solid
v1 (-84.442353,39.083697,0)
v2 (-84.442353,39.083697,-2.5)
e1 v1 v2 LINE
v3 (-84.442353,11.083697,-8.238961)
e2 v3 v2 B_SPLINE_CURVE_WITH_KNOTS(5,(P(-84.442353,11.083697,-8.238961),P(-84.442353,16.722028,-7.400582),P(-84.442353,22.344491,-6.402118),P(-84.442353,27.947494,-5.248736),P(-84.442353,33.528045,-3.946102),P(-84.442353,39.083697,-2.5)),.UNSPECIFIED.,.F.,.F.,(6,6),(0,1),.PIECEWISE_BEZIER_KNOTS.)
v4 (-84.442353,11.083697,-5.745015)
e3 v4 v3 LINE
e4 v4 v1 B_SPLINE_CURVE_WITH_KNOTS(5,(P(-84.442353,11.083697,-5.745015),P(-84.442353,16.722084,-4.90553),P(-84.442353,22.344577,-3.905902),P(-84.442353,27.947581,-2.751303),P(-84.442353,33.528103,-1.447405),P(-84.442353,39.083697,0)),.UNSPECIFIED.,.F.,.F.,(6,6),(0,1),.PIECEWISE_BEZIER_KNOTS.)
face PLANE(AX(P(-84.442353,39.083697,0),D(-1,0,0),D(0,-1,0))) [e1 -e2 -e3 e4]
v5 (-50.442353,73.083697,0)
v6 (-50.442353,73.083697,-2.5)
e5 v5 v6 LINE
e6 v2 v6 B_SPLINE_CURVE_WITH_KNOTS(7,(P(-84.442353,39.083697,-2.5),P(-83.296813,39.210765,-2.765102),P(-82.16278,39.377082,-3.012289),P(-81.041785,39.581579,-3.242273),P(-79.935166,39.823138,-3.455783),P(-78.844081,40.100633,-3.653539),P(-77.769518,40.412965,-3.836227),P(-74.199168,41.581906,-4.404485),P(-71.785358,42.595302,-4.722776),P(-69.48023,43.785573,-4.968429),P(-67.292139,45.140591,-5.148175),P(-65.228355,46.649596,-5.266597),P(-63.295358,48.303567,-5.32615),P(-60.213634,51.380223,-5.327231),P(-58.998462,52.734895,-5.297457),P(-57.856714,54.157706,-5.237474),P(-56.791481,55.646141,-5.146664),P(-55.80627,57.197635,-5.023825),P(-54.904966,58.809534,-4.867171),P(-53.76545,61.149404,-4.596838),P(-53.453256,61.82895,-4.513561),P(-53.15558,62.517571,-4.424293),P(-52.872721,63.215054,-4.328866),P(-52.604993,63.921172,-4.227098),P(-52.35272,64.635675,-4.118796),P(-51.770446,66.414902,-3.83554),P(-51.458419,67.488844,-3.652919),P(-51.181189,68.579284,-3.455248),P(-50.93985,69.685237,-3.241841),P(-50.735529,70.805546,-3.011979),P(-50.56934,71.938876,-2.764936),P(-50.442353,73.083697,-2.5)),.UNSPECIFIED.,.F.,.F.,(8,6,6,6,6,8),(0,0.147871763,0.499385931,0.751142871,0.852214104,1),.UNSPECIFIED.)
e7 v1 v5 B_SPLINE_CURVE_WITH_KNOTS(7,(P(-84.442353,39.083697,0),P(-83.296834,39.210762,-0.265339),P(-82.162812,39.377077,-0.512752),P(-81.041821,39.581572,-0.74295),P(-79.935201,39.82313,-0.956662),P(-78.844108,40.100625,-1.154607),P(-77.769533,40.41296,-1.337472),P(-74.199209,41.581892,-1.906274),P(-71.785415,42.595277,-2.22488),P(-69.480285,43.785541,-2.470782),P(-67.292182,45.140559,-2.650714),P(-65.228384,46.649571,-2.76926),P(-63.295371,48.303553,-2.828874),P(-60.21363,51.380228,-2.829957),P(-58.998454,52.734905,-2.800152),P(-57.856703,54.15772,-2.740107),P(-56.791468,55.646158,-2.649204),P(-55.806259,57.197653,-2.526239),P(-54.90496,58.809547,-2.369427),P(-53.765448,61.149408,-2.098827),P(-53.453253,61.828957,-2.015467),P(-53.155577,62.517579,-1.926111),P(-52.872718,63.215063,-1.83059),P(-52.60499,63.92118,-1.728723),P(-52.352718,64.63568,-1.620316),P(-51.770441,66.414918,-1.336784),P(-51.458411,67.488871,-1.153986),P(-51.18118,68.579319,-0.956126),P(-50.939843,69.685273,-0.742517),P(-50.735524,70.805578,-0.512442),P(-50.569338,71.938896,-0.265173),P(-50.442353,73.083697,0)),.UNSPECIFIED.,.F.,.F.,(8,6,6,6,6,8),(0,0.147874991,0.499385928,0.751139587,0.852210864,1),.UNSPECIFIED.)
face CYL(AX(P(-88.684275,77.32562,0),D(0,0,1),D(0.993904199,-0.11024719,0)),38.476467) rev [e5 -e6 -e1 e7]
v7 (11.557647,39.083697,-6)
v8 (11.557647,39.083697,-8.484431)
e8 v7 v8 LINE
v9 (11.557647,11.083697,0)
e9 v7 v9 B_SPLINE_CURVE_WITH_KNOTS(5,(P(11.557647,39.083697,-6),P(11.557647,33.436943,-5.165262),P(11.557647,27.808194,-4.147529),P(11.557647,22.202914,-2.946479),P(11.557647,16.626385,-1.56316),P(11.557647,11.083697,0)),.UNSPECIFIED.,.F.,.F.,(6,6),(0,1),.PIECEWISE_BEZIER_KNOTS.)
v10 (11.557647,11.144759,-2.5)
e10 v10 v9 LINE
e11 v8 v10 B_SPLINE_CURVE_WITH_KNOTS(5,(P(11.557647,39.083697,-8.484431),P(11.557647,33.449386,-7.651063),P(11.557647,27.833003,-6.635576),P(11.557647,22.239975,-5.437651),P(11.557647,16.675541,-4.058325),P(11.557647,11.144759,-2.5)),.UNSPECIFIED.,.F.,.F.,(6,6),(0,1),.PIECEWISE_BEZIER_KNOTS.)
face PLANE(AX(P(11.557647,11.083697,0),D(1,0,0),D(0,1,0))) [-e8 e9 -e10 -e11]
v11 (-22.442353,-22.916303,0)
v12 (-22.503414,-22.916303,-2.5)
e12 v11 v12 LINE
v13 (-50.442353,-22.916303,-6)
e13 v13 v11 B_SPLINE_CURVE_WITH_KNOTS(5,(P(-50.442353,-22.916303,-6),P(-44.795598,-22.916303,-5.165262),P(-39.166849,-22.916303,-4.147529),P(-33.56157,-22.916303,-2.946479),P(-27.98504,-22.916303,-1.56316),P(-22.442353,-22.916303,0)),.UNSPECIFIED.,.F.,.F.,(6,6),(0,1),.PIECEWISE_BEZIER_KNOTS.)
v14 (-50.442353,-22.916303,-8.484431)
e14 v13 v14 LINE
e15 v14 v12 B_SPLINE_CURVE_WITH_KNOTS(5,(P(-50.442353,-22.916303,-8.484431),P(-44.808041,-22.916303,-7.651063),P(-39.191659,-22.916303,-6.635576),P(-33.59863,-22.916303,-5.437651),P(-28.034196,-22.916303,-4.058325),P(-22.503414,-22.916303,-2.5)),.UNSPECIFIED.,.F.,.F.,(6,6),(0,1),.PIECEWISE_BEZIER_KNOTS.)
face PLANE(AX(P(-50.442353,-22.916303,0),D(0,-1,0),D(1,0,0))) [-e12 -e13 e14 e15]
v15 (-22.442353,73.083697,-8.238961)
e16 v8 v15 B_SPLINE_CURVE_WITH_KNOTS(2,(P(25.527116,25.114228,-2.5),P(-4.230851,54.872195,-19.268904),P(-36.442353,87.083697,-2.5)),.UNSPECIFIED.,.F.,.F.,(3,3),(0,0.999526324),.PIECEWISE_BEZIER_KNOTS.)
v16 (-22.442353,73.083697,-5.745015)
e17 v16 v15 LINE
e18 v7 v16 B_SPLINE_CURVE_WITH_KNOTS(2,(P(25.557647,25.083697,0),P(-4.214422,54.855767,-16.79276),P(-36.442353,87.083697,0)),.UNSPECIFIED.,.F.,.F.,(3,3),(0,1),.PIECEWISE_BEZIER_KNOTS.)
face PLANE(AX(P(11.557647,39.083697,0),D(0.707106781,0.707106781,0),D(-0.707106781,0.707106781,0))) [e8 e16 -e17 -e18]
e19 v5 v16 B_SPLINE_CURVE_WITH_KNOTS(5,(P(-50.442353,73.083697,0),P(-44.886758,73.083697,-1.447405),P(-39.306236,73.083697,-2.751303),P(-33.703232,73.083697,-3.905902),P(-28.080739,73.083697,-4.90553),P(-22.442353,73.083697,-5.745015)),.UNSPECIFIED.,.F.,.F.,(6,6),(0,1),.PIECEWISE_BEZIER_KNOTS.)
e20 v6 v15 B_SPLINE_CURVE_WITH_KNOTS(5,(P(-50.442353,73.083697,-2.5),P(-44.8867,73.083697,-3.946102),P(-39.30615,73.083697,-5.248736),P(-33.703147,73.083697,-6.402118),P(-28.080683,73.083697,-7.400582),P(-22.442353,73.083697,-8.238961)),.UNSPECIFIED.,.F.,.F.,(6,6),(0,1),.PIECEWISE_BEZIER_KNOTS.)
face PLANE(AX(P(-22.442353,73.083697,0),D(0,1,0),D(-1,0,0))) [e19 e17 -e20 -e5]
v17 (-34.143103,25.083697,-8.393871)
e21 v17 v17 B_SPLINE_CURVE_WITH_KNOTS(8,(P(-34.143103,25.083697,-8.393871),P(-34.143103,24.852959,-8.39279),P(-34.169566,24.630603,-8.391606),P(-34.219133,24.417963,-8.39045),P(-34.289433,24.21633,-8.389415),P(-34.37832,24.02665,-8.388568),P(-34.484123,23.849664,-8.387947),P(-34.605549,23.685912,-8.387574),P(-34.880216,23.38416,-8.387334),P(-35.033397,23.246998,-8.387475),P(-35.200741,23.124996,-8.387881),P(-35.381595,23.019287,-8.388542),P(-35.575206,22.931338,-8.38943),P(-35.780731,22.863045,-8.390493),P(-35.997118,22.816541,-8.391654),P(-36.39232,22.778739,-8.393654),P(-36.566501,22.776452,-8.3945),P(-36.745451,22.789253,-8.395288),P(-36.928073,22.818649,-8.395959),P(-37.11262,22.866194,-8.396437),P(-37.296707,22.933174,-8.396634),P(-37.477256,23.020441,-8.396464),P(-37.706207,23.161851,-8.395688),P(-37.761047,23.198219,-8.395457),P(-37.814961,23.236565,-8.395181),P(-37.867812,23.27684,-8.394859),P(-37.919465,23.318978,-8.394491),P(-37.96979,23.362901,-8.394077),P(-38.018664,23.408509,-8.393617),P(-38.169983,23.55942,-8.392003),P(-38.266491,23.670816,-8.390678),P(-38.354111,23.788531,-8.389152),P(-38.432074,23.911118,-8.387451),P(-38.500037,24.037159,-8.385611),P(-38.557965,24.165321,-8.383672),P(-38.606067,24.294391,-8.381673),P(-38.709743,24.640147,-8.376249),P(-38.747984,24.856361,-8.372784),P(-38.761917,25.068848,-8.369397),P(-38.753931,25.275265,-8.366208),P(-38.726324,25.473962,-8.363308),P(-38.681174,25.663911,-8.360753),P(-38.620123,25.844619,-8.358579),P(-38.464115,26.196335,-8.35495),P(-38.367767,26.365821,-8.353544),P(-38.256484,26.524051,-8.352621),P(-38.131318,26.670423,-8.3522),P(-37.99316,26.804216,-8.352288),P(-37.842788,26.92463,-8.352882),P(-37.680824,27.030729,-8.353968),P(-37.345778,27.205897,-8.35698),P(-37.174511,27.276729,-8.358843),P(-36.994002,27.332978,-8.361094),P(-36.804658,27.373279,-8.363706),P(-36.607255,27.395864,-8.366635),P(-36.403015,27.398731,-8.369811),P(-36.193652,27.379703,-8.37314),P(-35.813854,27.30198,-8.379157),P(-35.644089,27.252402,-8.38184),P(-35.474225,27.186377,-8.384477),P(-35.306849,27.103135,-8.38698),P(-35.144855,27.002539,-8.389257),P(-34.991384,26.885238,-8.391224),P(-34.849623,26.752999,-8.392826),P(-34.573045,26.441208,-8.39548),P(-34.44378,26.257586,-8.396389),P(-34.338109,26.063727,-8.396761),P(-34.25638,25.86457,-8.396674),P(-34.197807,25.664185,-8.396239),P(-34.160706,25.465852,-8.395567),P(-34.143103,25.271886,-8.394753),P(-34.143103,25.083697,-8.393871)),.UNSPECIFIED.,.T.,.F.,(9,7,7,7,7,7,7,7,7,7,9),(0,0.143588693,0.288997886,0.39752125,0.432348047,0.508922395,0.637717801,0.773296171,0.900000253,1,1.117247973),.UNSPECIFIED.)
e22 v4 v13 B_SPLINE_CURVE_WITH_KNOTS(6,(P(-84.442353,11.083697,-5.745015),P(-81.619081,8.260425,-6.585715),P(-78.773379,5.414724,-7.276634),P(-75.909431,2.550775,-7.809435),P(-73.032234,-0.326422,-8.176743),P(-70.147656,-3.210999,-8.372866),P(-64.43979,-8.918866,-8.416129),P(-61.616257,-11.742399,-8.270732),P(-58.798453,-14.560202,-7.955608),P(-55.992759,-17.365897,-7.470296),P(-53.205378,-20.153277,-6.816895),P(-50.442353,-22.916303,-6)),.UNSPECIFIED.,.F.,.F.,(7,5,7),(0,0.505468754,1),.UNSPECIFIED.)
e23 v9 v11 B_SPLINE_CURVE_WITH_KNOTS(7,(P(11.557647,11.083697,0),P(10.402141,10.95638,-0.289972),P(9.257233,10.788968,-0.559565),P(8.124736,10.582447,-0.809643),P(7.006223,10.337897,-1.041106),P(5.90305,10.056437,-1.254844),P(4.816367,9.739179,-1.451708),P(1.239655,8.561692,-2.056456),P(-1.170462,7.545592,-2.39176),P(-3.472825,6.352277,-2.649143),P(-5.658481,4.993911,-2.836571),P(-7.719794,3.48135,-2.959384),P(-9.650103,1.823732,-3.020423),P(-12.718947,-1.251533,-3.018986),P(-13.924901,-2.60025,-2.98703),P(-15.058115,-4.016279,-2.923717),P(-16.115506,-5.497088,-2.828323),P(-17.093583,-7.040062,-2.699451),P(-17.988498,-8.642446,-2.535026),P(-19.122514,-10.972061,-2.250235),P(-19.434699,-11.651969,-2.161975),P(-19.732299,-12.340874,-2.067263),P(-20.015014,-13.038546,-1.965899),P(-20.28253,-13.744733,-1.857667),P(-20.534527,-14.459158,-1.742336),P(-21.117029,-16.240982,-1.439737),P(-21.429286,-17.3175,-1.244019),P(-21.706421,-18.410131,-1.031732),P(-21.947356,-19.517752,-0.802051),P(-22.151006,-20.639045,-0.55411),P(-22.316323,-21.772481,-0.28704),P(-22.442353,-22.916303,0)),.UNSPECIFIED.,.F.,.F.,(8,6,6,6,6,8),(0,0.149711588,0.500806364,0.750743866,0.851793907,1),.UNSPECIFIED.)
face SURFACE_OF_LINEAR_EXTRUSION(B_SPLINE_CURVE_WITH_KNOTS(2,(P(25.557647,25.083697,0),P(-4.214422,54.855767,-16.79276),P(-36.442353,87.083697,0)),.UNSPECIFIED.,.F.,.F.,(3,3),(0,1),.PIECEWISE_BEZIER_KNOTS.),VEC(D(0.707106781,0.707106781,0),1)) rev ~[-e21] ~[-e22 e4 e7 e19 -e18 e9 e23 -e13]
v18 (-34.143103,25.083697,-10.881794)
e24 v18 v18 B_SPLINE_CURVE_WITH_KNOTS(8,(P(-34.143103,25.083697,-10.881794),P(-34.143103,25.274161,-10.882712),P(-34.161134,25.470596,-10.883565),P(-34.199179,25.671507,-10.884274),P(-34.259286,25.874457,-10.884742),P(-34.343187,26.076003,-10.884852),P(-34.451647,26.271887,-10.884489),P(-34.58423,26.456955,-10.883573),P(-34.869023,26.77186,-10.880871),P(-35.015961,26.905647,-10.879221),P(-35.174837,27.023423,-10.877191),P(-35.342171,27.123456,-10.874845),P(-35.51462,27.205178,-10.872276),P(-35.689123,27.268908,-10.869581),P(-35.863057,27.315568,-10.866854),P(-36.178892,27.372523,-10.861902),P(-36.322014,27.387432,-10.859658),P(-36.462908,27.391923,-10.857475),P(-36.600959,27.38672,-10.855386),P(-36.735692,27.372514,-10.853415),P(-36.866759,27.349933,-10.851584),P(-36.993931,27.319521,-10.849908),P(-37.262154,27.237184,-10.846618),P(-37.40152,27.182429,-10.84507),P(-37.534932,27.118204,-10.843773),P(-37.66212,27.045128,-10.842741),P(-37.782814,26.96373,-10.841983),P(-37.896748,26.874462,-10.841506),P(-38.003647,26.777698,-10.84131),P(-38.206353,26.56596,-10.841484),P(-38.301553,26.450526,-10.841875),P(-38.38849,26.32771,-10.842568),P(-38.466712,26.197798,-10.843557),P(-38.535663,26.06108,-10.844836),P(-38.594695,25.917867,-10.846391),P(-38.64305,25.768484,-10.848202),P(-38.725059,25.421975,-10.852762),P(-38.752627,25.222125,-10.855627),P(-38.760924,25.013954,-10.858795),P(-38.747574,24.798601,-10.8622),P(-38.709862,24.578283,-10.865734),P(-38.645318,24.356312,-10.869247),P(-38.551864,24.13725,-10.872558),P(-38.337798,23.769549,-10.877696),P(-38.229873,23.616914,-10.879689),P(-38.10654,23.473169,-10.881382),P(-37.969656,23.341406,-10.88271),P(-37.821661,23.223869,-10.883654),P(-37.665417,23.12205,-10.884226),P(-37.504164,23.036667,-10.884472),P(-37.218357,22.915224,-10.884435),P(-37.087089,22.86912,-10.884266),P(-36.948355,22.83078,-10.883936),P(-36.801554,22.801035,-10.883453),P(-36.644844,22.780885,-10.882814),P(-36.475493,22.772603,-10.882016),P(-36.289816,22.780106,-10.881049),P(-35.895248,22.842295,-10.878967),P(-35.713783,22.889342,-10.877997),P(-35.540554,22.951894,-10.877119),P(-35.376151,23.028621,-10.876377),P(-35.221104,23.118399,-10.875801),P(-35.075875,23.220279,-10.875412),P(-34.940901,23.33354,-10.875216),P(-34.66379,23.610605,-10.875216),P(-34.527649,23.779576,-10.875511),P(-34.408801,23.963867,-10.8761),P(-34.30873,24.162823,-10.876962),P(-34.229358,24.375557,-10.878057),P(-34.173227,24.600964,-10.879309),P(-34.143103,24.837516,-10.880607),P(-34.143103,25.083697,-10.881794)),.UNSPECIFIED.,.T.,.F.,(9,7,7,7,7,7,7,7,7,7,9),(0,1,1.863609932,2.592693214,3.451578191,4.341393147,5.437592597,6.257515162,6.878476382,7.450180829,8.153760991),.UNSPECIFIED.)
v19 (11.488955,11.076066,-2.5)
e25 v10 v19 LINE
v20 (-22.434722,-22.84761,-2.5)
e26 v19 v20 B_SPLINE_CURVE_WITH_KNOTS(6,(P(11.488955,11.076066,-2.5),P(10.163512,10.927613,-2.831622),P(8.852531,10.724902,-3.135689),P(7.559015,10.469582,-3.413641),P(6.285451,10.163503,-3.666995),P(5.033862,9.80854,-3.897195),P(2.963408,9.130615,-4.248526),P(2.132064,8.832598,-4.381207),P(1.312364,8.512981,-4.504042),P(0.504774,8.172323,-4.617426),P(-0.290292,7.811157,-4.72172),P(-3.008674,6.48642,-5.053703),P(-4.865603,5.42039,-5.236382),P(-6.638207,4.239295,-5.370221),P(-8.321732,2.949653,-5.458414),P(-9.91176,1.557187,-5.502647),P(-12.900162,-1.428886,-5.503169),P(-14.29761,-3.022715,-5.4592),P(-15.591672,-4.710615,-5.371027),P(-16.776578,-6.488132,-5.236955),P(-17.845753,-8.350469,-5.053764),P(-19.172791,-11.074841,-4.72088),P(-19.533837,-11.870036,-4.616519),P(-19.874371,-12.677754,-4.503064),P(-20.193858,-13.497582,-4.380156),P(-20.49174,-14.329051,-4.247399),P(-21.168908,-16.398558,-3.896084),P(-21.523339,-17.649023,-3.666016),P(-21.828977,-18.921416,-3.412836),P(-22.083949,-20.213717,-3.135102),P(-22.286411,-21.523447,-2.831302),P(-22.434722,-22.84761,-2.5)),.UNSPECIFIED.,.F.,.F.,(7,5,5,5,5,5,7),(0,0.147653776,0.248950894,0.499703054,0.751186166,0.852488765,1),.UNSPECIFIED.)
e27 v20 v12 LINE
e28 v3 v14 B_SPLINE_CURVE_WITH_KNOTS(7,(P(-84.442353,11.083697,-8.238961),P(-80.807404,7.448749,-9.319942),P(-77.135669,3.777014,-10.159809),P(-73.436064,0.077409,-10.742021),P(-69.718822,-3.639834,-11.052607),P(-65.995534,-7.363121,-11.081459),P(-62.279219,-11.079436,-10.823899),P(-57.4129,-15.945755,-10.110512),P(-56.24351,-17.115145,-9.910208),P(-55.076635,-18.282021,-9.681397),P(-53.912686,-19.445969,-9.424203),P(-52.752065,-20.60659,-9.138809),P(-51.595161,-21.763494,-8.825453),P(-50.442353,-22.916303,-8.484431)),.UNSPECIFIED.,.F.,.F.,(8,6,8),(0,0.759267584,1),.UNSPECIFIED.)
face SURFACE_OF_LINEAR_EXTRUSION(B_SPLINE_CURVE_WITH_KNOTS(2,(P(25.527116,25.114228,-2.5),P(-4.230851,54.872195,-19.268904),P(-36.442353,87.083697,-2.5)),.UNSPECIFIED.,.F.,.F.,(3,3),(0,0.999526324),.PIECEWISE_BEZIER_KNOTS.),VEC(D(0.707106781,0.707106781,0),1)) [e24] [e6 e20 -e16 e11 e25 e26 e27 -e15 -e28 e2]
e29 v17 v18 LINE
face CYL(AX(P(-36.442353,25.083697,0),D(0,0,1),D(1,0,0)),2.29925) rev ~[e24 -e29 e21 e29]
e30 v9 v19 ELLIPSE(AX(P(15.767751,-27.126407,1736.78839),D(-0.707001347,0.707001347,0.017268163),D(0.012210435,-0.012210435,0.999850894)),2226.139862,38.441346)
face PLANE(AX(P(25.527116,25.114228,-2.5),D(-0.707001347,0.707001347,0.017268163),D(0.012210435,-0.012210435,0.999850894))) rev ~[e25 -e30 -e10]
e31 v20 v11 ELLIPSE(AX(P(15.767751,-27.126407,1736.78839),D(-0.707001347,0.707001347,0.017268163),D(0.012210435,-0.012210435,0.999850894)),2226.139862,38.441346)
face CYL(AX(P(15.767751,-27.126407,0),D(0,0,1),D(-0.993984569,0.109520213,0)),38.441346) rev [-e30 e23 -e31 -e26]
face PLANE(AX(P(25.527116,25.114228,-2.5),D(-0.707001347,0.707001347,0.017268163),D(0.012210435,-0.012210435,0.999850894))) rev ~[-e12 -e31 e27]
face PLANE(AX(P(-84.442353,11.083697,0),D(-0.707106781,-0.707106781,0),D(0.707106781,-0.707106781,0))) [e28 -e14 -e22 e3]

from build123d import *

# Parameters (mm, degrees)
SKETCH2_R           = 2.299249708
BOSS_EXTRUDE1_DEPTH = 12
SKETCH3_OUTSIDE_W   = 41.258
SKETCH3_OUTSIDE_H   = 165.023
CUT_EXTRUDE1_DEPTH  = 112.722871427


with BuildPart() as part:
    # Sketch2 → Boss-Extrude1 (new body)
    with BuildSketch(Plane.XY):
        with BuildLine():
            Line((-84.442352941, 11.083697479), (-50.442352941, -22.916302521))
            Line((-50.442352941, -22.916302521), (-22.442352941, -22.916302521))
            ThreePointArc((-22.442352941, -22.916302521), (-11.414384755, 0.055729293), (11.557647059, 11.083697479))
            Line((11.557647059, 11.083697479), (11.557647059, 39.083697479))
            Line((11.557647059, 39.083697479), (-22.442352941, 73.083697479))
            Line((-22.442352941, 73.083697479), (-50.442352941, 73.083697479))
            ThreePointArc((-50.442352941, 73.083697479), (-61.477304412, 50.118648949), (-84.442352941, 39.083697479))
            Line((-84.442352941, 39.083697479), (-84.442352941, 11.083697479))
        make_face()
        with Locations((-36.442352941, 25.083697479)):
            Circle(SKETCH2_R, mode=Mode.SUBTRACT)
    extrude(amount=-BOSS_EXTRUDE1_DEPTH)

    # Sketch3 outside → Cut-Extrude1 (cut, through all)
    with BuildSketch(Plane(origin=(25.320672269, 25.320672269, 0), x_dir=(0, 0, -1), z_dir=(0.707106781, 0.707106781, 0))):
        with Locations((6, 43.5055)):
            Rectangle(SKETCH3_OUTSIDE_W, SKETCH3_OUTSIDE_H)
        with BuildLine():
            Line((0, 87.346107905), (2.5, 87.346107905))
            add(Edge.make_bspline(
                [(2.5, -0.291956117), (19.268904304, 41.792164318), (2.5, 87.346107905)],
                knots=[0, 0, 0, 0.999526324, 0.999526324, 0.999526324], degree=2))
            Line((2.5, -0.291956117), (0, -0.335132962))
            add(Edge.make_bspline(
                [(0, -0.335132962), (16.792759748, 41.768931155), (0, 87.346107905)],
                knots=[0, 0, 0, 1, 1, 1], degree=2))
        make_face(mode=Mode.SUBTRACT)
    extrude(amount=-CUT_EXTRUDE1_DEPTH, mode=Mode.SUBTRACT)


solid = part.part
